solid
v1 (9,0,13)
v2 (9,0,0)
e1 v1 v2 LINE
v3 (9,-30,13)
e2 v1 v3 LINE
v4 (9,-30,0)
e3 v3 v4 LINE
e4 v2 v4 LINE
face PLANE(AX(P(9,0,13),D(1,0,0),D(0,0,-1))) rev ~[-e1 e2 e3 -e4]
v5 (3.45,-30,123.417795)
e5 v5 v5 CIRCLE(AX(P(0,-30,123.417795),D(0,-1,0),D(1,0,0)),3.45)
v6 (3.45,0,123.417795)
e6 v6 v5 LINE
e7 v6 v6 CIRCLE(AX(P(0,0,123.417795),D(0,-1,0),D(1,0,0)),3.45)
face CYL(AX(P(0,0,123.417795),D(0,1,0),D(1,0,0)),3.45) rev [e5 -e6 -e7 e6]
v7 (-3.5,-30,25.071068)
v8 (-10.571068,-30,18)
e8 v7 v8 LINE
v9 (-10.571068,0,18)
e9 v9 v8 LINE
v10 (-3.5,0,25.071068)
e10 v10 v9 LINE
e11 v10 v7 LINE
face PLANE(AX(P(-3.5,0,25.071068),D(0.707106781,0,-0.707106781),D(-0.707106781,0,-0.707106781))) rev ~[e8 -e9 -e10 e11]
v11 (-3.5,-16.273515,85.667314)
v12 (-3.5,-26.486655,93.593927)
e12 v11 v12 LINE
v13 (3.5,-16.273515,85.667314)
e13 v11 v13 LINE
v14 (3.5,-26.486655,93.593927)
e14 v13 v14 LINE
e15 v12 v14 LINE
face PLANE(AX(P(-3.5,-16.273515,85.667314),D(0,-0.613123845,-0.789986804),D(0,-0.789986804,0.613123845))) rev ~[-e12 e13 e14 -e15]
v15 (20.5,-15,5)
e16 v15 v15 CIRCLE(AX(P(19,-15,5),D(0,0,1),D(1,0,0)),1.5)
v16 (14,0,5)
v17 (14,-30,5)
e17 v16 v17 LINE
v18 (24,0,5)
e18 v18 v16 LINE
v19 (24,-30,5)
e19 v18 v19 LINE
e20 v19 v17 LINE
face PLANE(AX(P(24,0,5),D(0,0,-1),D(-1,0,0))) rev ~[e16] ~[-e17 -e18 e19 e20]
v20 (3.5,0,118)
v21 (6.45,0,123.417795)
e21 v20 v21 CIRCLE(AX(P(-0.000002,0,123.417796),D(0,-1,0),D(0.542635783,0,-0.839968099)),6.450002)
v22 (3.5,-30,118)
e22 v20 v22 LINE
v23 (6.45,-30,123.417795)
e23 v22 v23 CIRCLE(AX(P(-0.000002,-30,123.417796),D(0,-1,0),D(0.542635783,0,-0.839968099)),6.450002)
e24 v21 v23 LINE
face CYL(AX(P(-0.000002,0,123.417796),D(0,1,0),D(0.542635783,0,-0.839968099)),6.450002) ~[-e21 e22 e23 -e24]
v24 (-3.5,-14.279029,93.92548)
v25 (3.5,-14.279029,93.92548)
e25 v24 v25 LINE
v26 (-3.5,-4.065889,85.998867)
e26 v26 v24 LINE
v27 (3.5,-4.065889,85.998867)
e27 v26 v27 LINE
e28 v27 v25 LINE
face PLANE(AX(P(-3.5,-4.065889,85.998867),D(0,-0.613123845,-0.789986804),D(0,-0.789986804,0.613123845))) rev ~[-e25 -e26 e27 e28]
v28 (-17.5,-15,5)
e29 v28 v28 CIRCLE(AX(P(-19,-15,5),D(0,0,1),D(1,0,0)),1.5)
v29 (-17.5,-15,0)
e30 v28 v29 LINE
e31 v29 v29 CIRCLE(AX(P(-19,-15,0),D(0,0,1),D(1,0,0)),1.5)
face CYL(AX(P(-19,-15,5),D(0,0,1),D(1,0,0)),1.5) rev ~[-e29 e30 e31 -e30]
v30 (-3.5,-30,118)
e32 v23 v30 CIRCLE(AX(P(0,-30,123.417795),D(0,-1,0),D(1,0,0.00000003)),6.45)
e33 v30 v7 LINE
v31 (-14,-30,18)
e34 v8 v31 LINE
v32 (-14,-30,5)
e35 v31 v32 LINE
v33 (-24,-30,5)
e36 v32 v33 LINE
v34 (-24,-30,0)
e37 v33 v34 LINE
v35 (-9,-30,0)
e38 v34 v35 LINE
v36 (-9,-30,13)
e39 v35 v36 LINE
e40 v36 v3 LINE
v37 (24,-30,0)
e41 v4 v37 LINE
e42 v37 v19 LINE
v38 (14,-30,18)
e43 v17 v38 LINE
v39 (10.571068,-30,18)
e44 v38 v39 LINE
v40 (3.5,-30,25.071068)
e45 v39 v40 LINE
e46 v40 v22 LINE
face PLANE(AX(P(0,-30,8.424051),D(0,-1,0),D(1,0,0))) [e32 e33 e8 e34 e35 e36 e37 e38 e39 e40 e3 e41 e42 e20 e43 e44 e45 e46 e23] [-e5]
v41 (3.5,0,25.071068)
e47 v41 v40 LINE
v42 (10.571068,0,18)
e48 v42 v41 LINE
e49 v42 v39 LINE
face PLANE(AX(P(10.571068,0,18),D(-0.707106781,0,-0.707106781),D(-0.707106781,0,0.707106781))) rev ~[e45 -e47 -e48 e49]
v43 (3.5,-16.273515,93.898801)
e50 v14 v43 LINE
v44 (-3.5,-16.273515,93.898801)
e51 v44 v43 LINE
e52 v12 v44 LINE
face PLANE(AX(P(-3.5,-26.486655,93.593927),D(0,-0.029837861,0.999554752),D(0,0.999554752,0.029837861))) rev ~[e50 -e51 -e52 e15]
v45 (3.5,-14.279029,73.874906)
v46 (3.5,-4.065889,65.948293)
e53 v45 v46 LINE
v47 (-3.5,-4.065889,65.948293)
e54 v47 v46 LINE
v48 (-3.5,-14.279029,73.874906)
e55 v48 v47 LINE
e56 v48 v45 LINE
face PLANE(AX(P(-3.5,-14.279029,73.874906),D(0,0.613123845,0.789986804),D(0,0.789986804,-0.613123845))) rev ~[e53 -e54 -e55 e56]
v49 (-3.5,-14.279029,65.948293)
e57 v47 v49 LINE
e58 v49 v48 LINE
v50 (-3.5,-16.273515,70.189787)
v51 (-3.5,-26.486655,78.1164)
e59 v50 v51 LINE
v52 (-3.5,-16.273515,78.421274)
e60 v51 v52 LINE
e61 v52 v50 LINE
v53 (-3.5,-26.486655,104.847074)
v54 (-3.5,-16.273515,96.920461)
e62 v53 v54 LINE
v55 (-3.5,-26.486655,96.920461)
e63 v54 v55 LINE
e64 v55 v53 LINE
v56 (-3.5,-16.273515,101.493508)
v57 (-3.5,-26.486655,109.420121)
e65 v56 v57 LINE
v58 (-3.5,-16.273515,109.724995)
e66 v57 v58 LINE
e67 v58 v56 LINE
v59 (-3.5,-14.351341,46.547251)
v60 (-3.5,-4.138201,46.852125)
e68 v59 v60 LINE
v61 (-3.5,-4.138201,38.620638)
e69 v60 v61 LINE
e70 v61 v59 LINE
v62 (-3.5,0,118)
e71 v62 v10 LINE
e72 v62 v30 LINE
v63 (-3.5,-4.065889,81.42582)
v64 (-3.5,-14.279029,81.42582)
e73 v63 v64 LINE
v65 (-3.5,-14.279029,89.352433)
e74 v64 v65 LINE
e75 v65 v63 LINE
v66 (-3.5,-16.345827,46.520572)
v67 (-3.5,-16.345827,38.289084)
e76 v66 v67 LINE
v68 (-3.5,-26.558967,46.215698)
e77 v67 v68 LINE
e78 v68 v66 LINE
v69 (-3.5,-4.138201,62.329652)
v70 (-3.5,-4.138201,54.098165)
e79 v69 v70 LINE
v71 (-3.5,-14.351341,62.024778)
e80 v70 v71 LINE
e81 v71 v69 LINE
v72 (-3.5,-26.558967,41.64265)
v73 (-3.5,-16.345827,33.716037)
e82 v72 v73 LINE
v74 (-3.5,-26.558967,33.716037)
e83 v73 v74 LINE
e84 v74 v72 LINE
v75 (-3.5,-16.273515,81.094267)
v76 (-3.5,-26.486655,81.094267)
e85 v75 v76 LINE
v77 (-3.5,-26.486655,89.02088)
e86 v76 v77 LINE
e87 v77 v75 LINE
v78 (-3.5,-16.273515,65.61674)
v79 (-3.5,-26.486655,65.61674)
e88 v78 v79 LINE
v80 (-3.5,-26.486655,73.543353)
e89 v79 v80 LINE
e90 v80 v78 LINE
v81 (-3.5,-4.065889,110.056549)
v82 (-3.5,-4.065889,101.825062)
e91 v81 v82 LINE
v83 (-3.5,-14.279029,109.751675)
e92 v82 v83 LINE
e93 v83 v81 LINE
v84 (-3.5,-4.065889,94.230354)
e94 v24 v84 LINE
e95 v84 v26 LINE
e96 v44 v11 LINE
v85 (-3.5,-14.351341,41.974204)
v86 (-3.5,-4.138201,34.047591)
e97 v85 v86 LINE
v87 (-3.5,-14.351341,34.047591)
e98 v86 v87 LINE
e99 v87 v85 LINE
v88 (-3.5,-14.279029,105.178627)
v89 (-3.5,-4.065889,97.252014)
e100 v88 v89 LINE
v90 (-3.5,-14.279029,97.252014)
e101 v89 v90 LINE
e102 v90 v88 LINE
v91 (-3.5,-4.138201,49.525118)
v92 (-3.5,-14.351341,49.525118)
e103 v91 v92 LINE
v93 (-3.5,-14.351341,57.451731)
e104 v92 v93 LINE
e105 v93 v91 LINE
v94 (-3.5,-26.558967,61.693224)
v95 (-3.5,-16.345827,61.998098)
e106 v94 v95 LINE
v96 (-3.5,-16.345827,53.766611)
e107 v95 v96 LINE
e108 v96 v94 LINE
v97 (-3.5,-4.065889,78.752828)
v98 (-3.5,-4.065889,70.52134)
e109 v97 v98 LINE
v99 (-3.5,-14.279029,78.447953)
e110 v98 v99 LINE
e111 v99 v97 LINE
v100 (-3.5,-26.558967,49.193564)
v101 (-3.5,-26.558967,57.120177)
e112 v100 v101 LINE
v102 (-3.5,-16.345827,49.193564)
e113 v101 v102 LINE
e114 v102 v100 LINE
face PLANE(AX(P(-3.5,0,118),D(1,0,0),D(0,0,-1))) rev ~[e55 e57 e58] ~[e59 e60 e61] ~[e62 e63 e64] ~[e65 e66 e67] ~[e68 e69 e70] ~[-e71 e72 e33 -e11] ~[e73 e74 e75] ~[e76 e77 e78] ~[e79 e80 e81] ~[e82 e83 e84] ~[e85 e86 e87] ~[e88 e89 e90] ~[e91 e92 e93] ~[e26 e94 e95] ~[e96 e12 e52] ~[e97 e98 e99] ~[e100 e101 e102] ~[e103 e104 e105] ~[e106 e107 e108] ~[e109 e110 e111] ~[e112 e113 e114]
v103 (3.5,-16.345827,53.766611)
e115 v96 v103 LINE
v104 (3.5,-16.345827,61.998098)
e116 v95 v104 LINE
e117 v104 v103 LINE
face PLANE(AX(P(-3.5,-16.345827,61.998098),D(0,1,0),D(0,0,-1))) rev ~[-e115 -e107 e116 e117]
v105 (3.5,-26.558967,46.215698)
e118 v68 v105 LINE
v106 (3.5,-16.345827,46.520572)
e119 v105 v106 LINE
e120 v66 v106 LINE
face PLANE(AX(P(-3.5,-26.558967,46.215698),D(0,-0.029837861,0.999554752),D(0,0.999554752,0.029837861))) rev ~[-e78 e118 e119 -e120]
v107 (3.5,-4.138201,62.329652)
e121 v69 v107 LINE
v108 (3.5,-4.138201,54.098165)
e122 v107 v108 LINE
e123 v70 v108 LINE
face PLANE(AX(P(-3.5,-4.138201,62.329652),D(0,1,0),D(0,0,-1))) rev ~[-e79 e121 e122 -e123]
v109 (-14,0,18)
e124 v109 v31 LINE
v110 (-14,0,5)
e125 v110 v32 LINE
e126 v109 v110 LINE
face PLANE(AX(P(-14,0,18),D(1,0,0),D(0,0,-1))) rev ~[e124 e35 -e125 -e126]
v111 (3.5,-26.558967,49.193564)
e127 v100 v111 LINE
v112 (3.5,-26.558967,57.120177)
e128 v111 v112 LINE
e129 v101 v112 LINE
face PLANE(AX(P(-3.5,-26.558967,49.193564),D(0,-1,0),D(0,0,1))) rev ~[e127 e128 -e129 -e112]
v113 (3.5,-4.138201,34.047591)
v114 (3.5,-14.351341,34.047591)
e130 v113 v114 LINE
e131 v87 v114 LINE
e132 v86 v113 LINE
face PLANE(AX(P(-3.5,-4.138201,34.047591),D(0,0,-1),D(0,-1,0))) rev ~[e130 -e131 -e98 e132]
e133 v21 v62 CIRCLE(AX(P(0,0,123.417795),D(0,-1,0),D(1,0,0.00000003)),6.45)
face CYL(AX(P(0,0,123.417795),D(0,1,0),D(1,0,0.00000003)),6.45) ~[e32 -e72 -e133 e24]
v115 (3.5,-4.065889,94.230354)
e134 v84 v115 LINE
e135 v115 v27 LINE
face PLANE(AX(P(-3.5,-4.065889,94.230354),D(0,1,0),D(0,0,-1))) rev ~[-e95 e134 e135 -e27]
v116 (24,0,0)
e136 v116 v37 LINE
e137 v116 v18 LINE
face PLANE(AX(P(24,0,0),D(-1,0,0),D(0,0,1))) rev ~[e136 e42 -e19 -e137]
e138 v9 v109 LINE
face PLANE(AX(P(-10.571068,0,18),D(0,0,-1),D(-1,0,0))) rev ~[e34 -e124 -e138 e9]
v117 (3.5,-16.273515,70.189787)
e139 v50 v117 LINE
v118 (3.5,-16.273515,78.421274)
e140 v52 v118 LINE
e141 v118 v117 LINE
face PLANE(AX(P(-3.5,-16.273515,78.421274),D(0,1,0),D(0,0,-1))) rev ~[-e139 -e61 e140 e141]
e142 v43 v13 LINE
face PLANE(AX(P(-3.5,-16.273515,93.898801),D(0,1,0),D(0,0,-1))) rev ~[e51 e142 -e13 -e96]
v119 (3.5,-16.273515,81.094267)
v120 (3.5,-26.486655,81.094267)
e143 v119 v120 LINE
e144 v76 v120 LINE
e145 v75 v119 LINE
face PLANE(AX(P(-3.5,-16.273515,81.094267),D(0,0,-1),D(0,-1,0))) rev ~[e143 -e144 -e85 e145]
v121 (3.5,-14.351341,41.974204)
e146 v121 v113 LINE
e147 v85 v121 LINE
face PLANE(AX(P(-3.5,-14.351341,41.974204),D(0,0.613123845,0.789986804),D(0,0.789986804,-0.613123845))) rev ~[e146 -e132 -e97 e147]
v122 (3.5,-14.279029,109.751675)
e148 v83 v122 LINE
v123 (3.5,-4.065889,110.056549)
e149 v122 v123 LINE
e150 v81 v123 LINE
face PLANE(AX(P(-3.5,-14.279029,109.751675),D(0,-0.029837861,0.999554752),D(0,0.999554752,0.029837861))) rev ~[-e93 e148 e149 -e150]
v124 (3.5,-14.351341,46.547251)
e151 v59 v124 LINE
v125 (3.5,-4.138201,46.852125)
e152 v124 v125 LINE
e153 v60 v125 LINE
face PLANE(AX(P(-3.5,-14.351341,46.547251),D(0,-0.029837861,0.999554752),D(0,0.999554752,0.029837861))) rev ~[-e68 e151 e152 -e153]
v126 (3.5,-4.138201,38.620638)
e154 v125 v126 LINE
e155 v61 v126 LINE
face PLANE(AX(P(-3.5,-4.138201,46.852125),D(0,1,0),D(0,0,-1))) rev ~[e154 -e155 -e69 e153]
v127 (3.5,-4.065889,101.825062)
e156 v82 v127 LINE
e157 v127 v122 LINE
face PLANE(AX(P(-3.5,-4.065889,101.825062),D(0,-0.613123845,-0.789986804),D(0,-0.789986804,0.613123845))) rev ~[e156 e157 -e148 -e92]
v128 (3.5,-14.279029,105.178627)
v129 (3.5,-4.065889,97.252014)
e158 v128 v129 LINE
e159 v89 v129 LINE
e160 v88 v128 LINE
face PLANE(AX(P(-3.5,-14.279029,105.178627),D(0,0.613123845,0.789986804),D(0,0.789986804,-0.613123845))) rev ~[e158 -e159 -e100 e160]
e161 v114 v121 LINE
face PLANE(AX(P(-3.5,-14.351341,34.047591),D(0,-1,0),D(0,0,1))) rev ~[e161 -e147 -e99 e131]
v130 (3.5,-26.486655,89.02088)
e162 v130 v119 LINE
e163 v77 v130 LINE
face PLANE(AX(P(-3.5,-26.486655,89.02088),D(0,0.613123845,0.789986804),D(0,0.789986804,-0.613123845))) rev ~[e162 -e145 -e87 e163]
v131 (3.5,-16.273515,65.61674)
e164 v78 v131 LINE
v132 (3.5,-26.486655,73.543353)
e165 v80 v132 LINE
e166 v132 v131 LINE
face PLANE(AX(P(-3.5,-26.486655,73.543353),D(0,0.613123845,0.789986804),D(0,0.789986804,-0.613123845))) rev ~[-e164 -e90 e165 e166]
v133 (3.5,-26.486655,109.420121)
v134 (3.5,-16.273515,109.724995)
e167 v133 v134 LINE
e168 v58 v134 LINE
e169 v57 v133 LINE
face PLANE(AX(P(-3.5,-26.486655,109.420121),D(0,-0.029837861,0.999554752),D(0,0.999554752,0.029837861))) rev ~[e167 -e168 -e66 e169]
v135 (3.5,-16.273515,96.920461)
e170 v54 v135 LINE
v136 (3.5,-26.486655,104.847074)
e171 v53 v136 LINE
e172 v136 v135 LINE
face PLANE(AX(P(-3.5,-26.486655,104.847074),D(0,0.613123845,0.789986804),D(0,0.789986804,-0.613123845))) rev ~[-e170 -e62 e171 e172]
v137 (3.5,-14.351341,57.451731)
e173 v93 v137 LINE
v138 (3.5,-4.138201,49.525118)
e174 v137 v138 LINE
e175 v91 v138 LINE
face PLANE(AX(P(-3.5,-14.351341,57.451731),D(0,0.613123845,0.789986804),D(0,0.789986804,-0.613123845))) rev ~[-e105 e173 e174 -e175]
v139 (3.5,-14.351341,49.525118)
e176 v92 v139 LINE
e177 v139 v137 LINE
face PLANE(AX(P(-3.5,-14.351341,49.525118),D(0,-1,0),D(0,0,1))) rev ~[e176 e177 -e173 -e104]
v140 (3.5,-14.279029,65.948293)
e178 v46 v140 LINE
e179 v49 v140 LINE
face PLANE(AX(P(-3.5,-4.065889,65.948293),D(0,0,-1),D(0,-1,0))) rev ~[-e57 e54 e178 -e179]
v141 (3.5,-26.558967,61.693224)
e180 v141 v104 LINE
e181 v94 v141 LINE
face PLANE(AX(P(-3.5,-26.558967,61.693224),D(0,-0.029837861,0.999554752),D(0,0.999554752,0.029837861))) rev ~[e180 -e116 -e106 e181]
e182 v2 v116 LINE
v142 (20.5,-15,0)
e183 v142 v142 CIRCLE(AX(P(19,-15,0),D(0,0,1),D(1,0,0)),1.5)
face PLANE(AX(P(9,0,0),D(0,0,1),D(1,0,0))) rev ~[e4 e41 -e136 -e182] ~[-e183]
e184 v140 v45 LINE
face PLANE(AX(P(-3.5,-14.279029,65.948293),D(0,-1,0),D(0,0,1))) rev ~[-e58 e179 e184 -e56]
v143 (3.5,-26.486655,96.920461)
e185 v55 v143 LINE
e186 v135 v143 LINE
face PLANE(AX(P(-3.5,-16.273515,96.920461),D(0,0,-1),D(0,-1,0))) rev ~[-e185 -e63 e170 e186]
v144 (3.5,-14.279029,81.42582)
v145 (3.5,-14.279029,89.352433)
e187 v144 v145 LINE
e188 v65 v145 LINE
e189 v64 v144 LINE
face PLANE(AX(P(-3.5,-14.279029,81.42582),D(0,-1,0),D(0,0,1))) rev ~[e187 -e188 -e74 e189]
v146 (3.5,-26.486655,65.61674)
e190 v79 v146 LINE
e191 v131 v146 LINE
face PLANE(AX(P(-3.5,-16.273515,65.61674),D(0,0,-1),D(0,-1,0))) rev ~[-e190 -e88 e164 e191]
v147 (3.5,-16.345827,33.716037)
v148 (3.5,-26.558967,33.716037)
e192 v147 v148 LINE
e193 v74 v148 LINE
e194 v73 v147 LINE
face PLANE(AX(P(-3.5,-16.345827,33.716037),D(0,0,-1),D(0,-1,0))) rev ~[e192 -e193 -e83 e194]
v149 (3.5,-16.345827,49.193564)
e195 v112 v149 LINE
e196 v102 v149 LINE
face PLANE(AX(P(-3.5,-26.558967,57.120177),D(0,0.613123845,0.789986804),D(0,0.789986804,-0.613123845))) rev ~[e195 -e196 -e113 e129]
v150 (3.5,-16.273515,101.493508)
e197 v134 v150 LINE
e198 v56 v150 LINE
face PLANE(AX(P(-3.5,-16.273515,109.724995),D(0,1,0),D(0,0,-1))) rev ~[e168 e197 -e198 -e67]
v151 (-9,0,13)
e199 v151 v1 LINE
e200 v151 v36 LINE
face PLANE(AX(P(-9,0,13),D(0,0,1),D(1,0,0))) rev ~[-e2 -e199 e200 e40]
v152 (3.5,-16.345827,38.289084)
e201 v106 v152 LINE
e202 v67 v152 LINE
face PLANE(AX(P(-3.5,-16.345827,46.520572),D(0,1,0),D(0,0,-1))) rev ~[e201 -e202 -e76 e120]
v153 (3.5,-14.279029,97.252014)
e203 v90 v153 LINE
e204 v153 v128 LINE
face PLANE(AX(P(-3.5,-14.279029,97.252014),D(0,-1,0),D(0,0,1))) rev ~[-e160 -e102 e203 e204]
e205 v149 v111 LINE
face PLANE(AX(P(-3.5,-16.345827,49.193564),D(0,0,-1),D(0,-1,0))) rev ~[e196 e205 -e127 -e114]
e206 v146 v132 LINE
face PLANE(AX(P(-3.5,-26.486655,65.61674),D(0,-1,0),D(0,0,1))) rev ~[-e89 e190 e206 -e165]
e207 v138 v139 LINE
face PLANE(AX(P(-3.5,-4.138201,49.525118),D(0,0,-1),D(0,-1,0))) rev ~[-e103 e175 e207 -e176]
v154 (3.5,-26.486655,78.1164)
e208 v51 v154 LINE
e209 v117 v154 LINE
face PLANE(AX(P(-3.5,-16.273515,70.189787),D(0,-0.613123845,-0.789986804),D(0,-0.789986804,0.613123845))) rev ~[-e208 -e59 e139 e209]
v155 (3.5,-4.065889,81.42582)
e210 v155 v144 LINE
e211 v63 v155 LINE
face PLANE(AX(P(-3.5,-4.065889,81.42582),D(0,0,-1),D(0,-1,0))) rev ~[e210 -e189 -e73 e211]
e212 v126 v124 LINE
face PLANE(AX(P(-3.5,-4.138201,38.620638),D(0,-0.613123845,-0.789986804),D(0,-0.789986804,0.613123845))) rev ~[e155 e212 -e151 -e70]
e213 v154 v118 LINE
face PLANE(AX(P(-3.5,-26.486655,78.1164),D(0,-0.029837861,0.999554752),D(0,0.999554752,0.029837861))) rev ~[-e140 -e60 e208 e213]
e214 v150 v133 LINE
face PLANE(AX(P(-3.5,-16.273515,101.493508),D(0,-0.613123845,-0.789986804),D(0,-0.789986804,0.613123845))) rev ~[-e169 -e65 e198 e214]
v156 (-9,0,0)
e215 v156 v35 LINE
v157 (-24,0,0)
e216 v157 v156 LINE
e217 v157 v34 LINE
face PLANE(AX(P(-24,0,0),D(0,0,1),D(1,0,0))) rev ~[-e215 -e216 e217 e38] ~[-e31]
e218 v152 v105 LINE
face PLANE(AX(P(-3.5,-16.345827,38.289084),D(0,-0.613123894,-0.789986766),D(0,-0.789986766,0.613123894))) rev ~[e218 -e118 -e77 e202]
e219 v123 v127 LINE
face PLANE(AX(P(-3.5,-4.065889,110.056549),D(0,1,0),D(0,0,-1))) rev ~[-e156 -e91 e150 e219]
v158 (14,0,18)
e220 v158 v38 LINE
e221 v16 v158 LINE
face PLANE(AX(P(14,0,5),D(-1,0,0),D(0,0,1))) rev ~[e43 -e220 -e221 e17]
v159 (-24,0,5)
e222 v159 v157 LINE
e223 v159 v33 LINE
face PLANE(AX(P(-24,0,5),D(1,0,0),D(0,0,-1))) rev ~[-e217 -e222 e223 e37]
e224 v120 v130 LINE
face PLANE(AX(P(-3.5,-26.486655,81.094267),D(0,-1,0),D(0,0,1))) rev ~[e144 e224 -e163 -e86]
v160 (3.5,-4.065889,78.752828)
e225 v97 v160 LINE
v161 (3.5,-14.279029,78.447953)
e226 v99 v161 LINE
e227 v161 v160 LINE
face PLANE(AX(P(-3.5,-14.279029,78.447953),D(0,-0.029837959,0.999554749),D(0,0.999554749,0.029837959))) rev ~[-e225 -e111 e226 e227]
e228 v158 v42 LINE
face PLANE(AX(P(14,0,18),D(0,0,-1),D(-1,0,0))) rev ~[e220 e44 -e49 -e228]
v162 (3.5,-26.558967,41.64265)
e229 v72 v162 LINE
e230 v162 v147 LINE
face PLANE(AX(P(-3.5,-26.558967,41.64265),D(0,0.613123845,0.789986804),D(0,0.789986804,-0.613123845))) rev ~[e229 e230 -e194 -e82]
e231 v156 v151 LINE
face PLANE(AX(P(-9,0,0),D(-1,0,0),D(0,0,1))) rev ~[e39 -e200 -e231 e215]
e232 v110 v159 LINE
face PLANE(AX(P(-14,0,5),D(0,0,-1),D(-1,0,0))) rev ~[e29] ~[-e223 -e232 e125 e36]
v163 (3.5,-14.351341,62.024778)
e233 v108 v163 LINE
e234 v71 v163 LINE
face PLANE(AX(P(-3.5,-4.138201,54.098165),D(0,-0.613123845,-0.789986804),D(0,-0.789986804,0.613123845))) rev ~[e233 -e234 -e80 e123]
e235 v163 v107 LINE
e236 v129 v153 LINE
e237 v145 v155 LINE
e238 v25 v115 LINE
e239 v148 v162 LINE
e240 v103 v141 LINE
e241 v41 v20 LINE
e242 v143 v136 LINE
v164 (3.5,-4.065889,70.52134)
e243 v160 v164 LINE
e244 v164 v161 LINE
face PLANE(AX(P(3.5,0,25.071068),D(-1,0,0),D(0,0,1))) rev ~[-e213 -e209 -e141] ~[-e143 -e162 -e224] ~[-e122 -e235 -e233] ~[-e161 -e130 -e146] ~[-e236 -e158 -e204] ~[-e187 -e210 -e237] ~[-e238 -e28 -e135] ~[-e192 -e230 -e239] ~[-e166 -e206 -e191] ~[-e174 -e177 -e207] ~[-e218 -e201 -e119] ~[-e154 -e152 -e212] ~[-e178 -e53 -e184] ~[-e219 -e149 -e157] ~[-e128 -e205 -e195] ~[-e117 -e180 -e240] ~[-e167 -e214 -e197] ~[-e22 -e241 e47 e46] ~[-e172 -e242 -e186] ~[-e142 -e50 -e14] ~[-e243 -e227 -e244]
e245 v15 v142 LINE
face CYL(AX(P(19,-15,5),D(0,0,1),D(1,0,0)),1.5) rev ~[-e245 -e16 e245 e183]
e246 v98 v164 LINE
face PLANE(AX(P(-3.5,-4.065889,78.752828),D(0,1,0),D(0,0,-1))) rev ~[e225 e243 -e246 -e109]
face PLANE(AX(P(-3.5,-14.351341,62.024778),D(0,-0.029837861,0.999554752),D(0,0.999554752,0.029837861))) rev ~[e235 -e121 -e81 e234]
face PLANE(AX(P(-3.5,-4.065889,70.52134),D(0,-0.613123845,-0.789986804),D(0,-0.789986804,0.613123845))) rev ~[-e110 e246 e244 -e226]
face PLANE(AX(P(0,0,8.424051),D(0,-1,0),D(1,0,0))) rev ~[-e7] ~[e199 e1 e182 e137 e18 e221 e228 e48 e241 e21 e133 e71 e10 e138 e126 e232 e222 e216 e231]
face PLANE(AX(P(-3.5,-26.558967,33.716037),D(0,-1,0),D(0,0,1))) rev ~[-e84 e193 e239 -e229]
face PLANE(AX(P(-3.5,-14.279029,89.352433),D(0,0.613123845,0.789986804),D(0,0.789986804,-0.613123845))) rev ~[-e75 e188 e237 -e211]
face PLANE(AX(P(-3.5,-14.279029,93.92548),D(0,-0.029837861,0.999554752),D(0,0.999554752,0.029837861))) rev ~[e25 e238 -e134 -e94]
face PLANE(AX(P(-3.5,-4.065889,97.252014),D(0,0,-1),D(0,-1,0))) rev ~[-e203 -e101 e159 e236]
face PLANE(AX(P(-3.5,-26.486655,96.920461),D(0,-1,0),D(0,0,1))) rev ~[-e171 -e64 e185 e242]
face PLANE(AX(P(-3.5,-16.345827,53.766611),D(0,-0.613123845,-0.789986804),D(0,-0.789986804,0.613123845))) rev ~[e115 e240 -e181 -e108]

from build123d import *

# Parameters (mm, degrees)
F0_R     = 3.45
F1_DEPTH = 30
F2_R     = 1.5
F3_DEPTH = 25.4
F5_DEPTH = 25.4


with BuildPart() as f1:
    # F0 (on Front) → F1 (new body)
    with BuildSketch(Plane.XZ):
        Polygon((-24, 5), (-24, 0), (-9, 0), (-9, 13), (0, 13), (9, 13), (9, 0), (24, 0), (24, 5), (14, 5), (14, 18), (10.571068, 18), (3.5, 18), (0, 18), (-3.5, 18), (-10.571068, 18), (-14, 18), (-14, 5), align=None)
        Polygon((-3.5, 25.071068), (-10.571068, 18), (-3.5, 18), align=None)
        with BuildLine():
            Line((-3.5, 25.071068), (-3.5, 18))
            Line((-3.5, 18), (0, 18))
            Line((0, 18), (3.5, 18))
            Line((3.5, 18), (3.5, 25.071068))
            Line((3.5, 25.071068), (3.5, 118))
            ThreePointArc((3.5, 118), (0, 116.967795), (-3.5, 118))
            Line((-3.5, 118), (-3.5, 25.071068))
        make_face()
        with BuildLine():
            ThreePointArc((6.45, 123.417795), (-3.084437, 129.082488), (-3.5, 118))
            ThreePointArc((-3.5, 118), (0, 116.967795), (3.5, 118))
            ThreePointArc((3.5, 118), (5.664693, 120.333358), (6.45, 123.417795))
        make_face()
        with Locations((0, 123.417795)):
            Circle(F0_R, mode=Mode.SUBTRACT)
        Polygon((3.5, 25.071068), (3.5, 18), (10.571068, 18), align=None)
    extrude(amount=F1_DEPTH)

    # F2 (on face) → F3 (cut)
    with BuildSketch(Plane.XY.offset(5)):
        with Locations((19, -15)):
            Circle(F2_R)
        with Locations((-19, -15)):
            Circle(F2_R)
    extrude(amount=-F3_DEPTH, mode=Mode.SUBTRACT)

    # F4 (on face) → F5 (cut)
    with BuildSketch(Plane(origin=(-3.5, 0, 0), x_dir=(0, -1, 0), z_dir=(-1, 0, 0))):
        Polygon((14.351341, 41.974204), (4.138201, 34.047591), (14.351341, 34.047591), align=None)
        Polygon((4.138201, 38.620638), (14.351341, 46.547251), (4.138201, 46.852125), align=None)
        Polygon((14.351341, 57.451731), (4.138201, 49.525118), (14.351341, 49.525118), align=None)
        Polygon((4.138201, 54.098165), (14.351341, 62.024778), (4.138201, 62.329652), align=None)
        Polygon((14.279029, 73.874906), (4.065889, 65.948293), (14.279029, 65.948293), align=None)
        Polygon((4.065889, 70.52134), (14.279029, 78.447953), (4.065889, 78.752828), align=None)
        Polygon((14.279029, 89.352433), (4.065889, 81.42582), (14.279029, 81.42582), align=None)
        Polygon((4.065889, 85.998867), (14.279029, 93.92548), (4.065889, 94.230354), align=None)
        Polygon((26.558967, 41.64265), (16.345827, 33.716037), (26.558967, 33.716037), align=None)
        Polygon((16.345827, 38.289084), (26.558967, 46.215698), (16.345827, 46.520572), align=None)
        Polygon((26.558967, 57.120177), (16.345827, 49.193564), (26.558967, 49.193564), align=None)
        Polygon((16.345827, 53.766611), (26.558967, 61.693224), (16.345827, 61.998098), align=None)
        Polygon((26.486655, 73.543353), (16.273515, 65.61674), (26.486655, 65.61674), align=None)
        Polygon((16.273515, 70.189787), (26.486655, 78.1164), (16.273515, 78.421274), align=None)
        Polygon((26.486655, 89.02088), (16.273515, 81.094267), (26.486655, 81.094267), align=None)
        Polygon((16.273515, 85.667314), (26.486655, 93.593927), (16.273515, 93.898801), align=None)
        Polygon((14.279029, 105.178627), (4.065889, 97.252014), (14.279029, 97.252014), align=None)
        Polygon((4.065889, 101.825062), (14.279029, 109.751675), (4.065889, 110.056549), align=None)
        Polygon((26.486655, 104.847074), (16.273515, 96.920461), (26.486655, 96.920461), align=None)
        Polygon((16.273515, 101.493508), (26.486655, 109.420121), (16.273515, 109.724995), align=None)
    extrude(amount=-F5_DEPTH, mode=Mode.SUBTRACT)


solid = f1.part
